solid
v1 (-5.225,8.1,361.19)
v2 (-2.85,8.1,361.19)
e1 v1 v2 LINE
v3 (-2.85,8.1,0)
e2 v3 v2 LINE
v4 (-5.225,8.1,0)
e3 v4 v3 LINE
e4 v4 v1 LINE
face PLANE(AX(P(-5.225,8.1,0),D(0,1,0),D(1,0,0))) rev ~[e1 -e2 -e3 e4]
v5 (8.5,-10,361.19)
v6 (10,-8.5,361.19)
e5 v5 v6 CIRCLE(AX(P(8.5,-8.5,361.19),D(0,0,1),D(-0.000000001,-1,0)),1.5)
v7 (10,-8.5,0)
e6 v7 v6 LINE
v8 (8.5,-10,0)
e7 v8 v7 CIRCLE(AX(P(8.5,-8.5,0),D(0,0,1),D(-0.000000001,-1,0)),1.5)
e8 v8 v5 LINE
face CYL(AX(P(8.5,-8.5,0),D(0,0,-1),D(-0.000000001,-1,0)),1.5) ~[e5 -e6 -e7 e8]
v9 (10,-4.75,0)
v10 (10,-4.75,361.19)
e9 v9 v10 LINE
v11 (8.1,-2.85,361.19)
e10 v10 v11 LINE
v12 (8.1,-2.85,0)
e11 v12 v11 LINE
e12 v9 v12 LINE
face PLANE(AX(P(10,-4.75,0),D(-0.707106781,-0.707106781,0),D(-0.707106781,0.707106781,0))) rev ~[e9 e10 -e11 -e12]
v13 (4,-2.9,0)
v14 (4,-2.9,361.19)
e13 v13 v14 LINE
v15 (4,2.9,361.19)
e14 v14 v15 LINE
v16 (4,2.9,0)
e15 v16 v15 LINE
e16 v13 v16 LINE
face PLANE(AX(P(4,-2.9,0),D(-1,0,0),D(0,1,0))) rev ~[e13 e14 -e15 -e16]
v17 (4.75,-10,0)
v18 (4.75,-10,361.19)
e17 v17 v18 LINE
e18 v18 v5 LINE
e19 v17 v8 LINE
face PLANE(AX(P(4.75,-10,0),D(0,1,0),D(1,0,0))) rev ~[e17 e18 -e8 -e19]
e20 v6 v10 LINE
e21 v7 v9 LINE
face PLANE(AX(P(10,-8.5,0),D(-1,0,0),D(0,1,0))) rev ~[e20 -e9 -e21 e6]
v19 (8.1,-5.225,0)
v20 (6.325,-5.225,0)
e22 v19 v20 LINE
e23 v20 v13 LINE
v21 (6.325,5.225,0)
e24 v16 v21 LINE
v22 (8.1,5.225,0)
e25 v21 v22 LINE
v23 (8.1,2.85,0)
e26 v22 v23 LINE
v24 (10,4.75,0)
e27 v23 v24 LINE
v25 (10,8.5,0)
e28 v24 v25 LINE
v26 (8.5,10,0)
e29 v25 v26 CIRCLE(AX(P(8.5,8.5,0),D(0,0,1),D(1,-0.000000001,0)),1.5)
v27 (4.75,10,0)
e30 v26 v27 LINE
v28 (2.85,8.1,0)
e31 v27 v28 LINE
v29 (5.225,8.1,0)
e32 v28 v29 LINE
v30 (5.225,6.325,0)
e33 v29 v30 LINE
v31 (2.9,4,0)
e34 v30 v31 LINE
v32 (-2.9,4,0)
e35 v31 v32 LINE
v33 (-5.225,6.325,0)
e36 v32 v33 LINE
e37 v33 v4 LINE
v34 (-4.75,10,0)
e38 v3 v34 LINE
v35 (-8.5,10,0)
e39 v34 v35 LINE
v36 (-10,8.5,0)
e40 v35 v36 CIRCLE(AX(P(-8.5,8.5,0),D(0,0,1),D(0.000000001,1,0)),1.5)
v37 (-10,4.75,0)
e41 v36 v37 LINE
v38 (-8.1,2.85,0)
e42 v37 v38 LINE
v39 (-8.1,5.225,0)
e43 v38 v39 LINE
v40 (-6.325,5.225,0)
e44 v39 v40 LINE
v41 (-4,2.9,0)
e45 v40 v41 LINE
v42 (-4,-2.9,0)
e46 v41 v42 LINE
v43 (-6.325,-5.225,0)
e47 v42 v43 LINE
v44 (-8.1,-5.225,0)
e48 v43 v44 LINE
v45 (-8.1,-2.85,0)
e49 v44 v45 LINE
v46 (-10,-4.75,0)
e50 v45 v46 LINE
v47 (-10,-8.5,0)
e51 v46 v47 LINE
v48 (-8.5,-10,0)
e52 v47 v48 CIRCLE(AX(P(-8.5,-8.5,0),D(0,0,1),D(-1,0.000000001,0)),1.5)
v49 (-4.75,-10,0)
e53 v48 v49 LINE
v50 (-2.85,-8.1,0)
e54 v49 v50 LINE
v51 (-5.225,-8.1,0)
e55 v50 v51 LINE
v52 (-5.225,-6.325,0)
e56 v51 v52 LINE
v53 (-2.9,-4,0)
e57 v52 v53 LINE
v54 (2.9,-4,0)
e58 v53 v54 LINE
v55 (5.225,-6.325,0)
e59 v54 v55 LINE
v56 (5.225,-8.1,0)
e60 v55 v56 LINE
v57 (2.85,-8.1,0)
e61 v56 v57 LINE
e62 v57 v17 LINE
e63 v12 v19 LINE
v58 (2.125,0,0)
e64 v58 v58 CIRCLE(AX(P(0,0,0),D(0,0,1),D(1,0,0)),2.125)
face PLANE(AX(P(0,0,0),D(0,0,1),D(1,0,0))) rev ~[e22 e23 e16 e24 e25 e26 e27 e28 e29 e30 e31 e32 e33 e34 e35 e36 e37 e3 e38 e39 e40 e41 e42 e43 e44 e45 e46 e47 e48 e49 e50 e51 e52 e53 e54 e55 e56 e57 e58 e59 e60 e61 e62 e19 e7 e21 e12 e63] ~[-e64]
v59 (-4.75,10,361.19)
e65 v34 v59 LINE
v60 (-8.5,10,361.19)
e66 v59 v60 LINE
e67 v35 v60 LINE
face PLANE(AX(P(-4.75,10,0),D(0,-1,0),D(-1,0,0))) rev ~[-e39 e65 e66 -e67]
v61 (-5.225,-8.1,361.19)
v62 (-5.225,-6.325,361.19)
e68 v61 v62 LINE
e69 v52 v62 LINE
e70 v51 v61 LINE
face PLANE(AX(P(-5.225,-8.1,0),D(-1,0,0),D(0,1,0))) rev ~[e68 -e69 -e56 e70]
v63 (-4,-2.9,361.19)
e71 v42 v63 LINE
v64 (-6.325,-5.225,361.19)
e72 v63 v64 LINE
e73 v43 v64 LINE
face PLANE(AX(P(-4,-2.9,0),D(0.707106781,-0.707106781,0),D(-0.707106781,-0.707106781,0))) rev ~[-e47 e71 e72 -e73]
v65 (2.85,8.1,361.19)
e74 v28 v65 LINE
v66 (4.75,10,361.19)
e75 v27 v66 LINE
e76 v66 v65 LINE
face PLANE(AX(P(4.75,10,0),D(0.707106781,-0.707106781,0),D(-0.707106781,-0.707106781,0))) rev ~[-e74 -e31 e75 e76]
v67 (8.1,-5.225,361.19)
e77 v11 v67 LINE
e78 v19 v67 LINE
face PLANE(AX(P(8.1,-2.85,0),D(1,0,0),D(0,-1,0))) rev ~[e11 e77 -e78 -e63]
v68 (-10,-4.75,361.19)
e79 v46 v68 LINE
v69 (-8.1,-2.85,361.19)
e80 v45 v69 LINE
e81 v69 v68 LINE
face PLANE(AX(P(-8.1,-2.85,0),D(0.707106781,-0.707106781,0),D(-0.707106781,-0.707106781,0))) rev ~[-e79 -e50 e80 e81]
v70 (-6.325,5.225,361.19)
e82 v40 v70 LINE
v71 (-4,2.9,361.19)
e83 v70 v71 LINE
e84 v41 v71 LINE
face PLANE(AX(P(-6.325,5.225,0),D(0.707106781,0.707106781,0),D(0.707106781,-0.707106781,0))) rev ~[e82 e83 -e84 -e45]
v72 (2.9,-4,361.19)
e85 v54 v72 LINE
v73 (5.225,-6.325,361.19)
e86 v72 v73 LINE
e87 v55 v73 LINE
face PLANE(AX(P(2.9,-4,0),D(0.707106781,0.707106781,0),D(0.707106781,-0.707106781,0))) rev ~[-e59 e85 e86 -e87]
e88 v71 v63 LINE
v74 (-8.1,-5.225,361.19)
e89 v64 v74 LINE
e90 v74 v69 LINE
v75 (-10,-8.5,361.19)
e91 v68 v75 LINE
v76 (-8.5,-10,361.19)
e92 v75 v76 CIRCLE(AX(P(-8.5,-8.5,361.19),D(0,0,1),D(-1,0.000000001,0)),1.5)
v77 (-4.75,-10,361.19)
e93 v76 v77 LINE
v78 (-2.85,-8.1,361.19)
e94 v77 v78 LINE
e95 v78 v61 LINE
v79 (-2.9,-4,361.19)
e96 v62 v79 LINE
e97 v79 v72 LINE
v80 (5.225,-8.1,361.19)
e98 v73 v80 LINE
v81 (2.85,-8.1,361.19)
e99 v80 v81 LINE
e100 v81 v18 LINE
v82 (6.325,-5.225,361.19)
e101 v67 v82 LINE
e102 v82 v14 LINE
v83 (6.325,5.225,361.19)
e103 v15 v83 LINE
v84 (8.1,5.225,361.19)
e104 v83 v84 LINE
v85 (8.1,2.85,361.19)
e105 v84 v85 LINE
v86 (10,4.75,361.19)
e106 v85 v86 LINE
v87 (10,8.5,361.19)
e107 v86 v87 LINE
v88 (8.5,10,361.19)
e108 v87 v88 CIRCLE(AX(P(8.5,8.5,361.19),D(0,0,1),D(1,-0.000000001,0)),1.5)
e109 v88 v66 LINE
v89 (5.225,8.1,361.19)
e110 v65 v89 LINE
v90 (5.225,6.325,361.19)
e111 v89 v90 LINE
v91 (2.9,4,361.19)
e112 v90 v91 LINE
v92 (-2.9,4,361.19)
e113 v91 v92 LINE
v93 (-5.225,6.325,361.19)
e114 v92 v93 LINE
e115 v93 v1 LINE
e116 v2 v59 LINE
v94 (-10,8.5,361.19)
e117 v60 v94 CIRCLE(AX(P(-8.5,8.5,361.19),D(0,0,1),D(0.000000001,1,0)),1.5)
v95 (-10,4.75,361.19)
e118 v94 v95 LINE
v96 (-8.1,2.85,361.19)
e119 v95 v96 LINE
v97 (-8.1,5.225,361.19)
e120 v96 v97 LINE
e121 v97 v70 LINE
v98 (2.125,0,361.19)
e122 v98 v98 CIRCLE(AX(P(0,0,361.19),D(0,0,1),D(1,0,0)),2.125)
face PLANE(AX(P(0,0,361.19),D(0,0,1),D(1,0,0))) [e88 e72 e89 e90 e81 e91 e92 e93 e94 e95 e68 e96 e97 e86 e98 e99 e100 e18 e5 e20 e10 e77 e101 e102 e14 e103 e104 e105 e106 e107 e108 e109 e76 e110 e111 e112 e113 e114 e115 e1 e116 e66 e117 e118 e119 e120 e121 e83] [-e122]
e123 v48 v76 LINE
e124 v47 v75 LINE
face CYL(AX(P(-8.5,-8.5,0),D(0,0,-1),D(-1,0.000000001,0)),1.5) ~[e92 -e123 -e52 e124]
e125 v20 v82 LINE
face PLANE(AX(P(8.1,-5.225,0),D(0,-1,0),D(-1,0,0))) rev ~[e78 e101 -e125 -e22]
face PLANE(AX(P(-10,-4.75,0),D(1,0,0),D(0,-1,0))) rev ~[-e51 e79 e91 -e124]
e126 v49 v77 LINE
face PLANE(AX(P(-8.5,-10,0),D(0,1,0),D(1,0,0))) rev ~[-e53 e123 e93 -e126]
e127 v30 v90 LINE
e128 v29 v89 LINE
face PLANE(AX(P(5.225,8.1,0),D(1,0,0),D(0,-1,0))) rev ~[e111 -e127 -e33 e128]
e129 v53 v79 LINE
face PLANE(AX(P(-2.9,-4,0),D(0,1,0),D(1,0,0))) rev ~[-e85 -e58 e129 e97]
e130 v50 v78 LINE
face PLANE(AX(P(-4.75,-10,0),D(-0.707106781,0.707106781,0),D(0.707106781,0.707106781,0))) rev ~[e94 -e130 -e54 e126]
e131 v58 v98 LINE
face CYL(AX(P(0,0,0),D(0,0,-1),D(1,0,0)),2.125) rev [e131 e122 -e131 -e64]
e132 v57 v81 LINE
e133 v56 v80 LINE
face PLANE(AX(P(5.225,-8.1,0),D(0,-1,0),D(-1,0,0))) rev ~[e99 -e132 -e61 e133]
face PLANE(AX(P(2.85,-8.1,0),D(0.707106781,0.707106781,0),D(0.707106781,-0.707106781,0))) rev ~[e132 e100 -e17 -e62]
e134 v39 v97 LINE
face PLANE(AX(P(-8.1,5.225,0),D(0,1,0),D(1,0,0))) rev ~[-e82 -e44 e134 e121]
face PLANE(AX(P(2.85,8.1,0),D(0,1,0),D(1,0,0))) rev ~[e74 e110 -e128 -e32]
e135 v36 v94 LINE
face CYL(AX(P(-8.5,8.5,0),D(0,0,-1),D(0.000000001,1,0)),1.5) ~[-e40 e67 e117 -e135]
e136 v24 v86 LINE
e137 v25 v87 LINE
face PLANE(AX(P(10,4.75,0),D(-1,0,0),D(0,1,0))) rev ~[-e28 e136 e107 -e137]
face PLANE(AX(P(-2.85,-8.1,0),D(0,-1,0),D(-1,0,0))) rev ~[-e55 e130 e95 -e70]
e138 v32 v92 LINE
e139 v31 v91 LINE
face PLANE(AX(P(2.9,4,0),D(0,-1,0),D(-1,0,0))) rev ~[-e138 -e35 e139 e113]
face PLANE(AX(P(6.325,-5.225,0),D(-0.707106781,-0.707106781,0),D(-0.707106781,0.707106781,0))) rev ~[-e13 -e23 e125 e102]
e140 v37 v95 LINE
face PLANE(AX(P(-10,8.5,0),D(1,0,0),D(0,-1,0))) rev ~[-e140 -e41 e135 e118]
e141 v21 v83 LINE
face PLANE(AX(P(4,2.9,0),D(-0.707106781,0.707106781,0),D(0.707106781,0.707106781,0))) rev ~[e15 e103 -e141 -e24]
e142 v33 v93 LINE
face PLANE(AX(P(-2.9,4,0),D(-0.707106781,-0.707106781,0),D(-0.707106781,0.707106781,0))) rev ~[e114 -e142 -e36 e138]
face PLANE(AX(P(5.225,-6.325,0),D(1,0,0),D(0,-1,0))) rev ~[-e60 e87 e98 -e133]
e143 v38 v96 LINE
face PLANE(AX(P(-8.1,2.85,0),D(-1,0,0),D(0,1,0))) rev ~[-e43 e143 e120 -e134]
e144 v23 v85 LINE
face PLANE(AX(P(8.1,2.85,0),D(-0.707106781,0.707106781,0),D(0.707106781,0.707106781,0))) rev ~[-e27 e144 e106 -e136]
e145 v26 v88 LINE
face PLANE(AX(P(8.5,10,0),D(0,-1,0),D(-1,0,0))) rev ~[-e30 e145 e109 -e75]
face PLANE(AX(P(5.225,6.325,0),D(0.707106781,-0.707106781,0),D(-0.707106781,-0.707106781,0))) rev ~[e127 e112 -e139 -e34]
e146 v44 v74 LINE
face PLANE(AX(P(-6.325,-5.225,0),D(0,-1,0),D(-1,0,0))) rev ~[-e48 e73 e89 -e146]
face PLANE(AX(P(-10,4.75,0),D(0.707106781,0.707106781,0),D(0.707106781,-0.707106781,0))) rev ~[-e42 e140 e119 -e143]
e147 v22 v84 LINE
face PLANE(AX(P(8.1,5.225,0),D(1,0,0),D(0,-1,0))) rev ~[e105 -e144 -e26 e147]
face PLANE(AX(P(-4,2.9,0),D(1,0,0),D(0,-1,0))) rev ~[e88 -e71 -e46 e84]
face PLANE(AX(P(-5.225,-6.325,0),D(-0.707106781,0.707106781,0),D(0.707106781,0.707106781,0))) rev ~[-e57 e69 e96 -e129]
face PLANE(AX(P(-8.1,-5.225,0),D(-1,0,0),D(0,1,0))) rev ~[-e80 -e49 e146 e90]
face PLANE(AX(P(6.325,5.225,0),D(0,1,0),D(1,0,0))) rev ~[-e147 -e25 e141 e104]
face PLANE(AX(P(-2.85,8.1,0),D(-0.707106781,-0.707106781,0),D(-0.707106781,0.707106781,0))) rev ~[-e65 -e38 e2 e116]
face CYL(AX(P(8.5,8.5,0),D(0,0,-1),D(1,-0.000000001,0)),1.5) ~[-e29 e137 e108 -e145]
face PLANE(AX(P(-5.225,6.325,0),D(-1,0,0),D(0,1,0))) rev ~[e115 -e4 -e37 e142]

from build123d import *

# Parameters (mm, degrees)
SKETCH1_R           = 2.125
BOSS_EXTRUDE1_DEPTH = 361.19


with BuildPart() as part:
    # Sketch1 → Boss-Extrude1 (new body)
    with BuildSketch(Plane.XY):
        with BuildLine():
            Line((8.1, 5.225), (8.1, 2.85))
            Line((8.1, 2.85), (10, 4.75))
            Line((10, 4.75), (10, 8.5))
            ThreePointArc((10, 8.5), (9.560660172, 9.560660172), (8.5, 10))
            Line((8.5, 10), (4.75, 10))
            Line((4.75, 10), (2.85, 8.1))
            Line((2.85, 8.1), (5.225, 8.1))
            Line((5.225, 8.1), (5.225, 6.325))
            Line((5.225, 6.325), (2.9, 4))
            Line((2.9, 4), (-2.9, 4))
            Line((-2.9, 4), (-5.225, 6.325))
            Line((-5.225, 6.325), (-5.225, 8.1))
            Line((-5.225, 8.1), (-2.85, 8.1))
            Line((-2.85, 8.1), (-4.75, 10))
            Line((-4.75, 10), (-8.5, 10))
            ThreePointArc((-8.5, 10), (-9.560660172, 9.560660172), (-10, 8.5))
            Line((-10, 8.5), (-10, 4.75))
            Line((-10, 4.75), (-8.1, 2.85))
            Line((-8.1, 2.85), (-8.1, 5.225))
            Line((-8.1, 5.225), (-6.325, 5.225))
            Line((-6.325, 5.225), (-4, 2.9))
            Line((-4, 2.9), (-4, -2.9))
            Line((-4, -2.9), (-6.325, -5.225))
            Line((-6.325, -5.225), (-8.1, -5.225))
            Line((-8.1, -5.225), (-8.1, -2.85))
            Line((-8.1, -2.85), (-10, -4.75))
            Line((-10, -4.75), (-10, -8.5))
            ThreePointArc((-10, -8.5), (-9.560660172, -9.560660172), (-8.5, -10))
            Line((-8.5, -10), (-4.75, -10))
            Line((-4.75, -10), (-2.85, -8.1))
            Line((-2.85, -8.1), (-5.225, -8.1))
            Line((-5.225, -8.1), (-5.225, -6.325))
            Line((-5.225, -6.325), (-2.9, -4))
            Line((-2.9, -4), (2.9, -4))
            Line((2.9, -4), (5.225, -6.325))
            Line((5.225, -6.325), (5.225, -8.1))
            Line((5.225, -8.1), (2.85, -8.1))
            Line((2.85, -8.1), (4.75, -10))
            Line((4.75, -10), (8.5, -10))
            ThreePointArc((8.5, -10), (9.560660172, -9.560660172), (10, -8.5))
            Line((10, -8.5), (10, -4.75))
            Line((10, -4.75), (8.1, -2.85))
            Line((8.1, -2.85), (8.1, -5.225))
            Line((8.1, -5.225), (6.325, -5.225))
            Line((6.325, -5.225), (4, -2.9))
            Line((4, -2.9), (4, 2.9))
            Line((4, 2.9), (6.325, 5.225))
            Line((6.325, 5.225), (8.1, 5.225))
        make_face()
        Circle(SKETCH1_R, mode=Mode.SUBTRACT)
    extrude(amount=BOSS_EXTRUDE1_DEPTH)


solid = part.part
